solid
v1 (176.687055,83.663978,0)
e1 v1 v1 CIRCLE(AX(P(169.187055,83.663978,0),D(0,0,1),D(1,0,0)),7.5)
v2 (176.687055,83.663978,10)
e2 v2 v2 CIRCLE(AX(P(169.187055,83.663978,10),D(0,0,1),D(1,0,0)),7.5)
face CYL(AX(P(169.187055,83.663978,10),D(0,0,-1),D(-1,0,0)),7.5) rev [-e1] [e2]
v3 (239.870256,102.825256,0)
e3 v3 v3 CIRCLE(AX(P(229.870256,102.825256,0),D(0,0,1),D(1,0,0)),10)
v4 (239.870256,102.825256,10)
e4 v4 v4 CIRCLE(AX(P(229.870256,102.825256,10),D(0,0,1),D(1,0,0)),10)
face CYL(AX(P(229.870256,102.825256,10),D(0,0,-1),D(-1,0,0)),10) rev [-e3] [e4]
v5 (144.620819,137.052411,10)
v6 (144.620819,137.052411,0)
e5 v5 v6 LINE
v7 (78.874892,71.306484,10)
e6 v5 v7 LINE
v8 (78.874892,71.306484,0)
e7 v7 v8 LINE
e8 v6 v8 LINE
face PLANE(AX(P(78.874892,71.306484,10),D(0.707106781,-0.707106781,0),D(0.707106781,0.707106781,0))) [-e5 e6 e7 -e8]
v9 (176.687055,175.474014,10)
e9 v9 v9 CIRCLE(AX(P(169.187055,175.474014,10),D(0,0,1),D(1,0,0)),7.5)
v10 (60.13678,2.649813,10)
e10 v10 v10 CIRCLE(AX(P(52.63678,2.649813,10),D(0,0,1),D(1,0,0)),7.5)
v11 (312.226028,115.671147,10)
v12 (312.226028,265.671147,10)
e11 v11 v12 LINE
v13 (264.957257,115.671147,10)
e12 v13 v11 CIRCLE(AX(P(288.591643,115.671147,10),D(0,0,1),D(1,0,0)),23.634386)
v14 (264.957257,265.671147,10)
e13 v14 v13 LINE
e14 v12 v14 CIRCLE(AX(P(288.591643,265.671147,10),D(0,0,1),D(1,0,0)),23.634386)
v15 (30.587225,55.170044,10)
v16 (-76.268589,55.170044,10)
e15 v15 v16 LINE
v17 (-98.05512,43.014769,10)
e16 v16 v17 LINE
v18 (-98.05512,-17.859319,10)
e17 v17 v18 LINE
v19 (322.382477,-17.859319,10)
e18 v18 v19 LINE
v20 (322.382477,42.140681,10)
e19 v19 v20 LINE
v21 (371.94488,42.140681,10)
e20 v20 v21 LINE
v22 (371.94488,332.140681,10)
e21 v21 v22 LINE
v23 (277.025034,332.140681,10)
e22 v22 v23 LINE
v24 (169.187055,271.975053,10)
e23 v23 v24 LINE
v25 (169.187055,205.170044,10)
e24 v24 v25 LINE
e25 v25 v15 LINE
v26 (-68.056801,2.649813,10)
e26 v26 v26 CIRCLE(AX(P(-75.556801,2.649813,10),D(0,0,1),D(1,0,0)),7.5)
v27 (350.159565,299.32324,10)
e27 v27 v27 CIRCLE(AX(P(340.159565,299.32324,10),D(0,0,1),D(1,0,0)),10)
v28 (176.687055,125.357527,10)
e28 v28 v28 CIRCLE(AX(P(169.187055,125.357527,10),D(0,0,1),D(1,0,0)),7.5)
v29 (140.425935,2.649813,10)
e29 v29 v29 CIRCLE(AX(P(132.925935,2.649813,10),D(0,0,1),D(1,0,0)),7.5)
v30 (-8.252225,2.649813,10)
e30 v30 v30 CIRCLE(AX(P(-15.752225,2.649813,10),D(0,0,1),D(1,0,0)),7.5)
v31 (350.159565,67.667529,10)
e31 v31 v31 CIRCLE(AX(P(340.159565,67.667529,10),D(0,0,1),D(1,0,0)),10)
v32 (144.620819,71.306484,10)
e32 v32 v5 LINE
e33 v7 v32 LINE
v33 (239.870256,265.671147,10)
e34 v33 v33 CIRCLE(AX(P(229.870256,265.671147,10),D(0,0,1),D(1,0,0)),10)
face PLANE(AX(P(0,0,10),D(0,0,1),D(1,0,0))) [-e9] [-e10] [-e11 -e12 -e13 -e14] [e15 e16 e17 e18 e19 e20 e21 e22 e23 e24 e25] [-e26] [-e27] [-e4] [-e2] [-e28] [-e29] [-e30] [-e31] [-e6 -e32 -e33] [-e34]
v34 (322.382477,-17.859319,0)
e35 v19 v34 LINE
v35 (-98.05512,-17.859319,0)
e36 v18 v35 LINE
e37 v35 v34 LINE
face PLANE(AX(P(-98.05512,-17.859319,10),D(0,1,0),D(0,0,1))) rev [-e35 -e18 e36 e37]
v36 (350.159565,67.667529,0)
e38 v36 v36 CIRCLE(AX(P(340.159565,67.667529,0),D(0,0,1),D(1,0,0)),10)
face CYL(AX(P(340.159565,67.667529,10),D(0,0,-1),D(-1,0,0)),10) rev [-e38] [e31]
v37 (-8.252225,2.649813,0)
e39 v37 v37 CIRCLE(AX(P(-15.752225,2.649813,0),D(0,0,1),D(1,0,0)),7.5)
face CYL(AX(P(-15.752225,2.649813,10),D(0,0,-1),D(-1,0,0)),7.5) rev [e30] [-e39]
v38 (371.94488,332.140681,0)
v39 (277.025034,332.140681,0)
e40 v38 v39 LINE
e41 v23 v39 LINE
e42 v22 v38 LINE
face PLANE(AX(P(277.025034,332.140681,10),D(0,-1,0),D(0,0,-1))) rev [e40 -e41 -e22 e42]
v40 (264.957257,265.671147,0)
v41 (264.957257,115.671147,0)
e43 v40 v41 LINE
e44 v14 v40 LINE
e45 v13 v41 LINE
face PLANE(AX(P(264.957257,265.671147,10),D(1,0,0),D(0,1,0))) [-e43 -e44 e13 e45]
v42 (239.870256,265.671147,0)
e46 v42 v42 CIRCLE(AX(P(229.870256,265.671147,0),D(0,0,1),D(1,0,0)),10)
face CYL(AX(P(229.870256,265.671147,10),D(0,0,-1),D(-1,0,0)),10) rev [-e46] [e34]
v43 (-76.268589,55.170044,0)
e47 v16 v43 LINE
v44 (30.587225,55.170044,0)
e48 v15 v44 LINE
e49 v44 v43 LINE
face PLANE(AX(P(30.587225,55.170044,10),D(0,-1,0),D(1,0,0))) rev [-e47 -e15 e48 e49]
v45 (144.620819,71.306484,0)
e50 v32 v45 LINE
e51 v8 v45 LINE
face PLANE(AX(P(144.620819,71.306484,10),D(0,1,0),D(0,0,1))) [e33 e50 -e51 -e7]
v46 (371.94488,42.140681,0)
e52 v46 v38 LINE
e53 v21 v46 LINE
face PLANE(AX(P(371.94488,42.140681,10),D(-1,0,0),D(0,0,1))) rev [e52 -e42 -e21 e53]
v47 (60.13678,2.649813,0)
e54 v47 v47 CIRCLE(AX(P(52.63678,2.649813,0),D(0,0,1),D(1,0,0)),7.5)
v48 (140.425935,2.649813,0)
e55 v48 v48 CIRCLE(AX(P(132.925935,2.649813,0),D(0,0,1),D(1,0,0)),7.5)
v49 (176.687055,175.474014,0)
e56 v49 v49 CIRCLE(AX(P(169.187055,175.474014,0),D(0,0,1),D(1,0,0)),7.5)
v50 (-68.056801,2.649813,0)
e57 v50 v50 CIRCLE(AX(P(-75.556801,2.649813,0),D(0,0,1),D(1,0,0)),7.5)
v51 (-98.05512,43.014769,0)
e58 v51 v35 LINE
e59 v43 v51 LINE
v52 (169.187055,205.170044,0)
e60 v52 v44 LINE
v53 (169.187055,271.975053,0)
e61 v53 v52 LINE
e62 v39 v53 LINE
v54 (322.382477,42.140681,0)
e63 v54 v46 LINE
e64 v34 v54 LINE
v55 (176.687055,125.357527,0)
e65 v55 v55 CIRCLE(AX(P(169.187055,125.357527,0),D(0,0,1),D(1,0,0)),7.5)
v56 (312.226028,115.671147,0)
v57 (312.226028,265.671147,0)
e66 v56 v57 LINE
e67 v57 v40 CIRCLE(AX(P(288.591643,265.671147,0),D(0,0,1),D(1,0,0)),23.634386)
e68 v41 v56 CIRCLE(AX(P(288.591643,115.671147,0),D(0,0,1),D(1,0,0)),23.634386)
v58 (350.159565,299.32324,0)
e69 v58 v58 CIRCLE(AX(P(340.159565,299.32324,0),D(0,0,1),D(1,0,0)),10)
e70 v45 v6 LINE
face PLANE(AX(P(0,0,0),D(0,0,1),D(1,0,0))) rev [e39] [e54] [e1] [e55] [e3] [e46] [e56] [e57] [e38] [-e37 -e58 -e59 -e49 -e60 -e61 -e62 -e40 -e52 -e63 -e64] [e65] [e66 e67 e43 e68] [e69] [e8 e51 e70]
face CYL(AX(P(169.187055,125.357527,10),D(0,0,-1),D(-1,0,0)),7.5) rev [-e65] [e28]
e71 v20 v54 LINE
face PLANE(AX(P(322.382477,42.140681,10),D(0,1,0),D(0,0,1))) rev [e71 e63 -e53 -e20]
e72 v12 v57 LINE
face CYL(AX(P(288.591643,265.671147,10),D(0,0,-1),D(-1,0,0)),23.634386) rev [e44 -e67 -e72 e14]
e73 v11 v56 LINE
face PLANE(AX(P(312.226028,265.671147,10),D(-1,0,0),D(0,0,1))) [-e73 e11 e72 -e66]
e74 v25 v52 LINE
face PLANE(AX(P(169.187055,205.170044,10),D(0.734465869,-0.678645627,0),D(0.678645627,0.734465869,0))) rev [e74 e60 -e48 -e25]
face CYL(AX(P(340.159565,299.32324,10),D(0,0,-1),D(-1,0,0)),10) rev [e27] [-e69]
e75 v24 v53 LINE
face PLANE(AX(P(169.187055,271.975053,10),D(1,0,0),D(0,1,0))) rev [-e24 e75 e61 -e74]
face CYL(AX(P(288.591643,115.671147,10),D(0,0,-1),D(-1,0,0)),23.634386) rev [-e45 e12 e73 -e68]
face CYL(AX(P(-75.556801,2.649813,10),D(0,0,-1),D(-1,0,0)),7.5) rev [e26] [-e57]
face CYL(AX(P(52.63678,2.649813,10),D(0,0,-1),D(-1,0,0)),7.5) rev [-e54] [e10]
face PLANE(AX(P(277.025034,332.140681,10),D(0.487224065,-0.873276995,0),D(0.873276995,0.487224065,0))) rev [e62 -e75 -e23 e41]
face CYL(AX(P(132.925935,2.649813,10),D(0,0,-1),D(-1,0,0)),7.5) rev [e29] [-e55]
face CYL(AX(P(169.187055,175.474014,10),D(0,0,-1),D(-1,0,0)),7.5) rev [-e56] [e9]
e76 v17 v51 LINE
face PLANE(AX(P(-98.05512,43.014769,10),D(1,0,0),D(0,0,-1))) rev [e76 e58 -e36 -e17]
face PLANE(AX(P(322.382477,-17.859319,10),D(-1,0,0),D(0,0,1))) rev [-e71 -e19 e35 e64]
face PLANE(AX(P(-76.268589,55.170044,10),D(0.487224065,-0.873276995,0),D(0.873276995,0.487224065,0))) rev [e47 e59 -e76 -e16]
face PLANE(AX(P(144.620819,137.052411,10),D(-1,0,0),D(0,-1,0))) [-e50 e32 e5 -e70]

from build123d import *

# Parameters (mm, degrees)
SKETCH1_R           = 7.5
SKETCH1_R_2         = 10
BOSS_EXTRUDE1_DEPTH = 10


with BuildPart() as part:
    # Sketch1 → Boss-Extrude1 (new body)
    with BuildSketch(Plane.XY):
        Polygon((-98.05511991, -17.859318996), (322.382476836, -17.859318996), (322.382476836, 42.140681004), (371.94488009, 42.140681004), (371.94488009, 332.140681004), (277.025034275, 332.140681004), (169.187054595, 271.975052979), (169.187054595, 205.170044114), (30.5872252, 55.170044114), (-76.268588622, 55.170044114), (-98.05511991, 43.014768752), align=None)
        with Locations((-15.752224544, 2.649813362)):
            Circle(SKETCH1_R, mode=Mode.SUBTRACT)
        with Locations((-75.556801399, 2.649813362)):
            Circle(SKETCH1_R, mode=Mode.SUBTRACT)
        with Locations((52.636779721, 2.649813362)):
            Circle(SKETCH1_R, mode=Mode.SUBTRACT)
        with Locations((132.925934878, 2.649813362)):
            Circle(SKETCH1_R, mode=Mode.SUBTRACT)
        with Locations((169.187054595, 83.663978495)):
            Circle(SKETCH1_R, mode=Mode.SUBTRACT)
        with Locations((169.187054595, 125.357526882)):
            Circle(SKETCH1_R, mode=Mode.SUBTRACT)
        with Locations((169.187054595, 175.474014337)):
            Circle(SKETCH1_R, mode=Mode.SUBTRACT)
        with Locations((229.870255563, 265.671146953)):
            Circle(SKETCH1_R_2, mode=Mode.SUBTRACT)
        with Locations((229.870255563, 102.825256229)):
            Circle(SKETCH1_R_2, mode=Mode.SUBTRACT)
        with Locations((340.159565259, 299.323240315)):
            Circle(SKETCH1_R_2, mode=Mode.SUBTRACT)
        with Locations((340.159565259, 67.667528684)):
            Circle(SKETCH1_R_2, mode=Mode.SUBTRACT)
        with BuildLine():
            Line((312.226028305, 265.671146953), (312.226028305, 115.671146953))
            ThreePointArc((312.226028305, 115.671146953), (288.591642629, 92.036761277), (264.957256952, 115.671146953))
            Line((264.957256952, 115.671146953), (264.957256952, 265.671146953))
            ThreePointArc((264.957256952, 265.671146953), (288.591642629, 289.30553263), (312.226028305, 265.671146953))
        make_face(mode=Mode.SUBTRACT)
        Polygon((78.874891909, 71.306483913), (144.620819019, 137.052411023), (144.620819019, 71.306483913), align=None, mode=Mode.SUBTRACT)
    extrude(amount=BOSS_EXTRUDE1_DEPTH)


solid = part.part
